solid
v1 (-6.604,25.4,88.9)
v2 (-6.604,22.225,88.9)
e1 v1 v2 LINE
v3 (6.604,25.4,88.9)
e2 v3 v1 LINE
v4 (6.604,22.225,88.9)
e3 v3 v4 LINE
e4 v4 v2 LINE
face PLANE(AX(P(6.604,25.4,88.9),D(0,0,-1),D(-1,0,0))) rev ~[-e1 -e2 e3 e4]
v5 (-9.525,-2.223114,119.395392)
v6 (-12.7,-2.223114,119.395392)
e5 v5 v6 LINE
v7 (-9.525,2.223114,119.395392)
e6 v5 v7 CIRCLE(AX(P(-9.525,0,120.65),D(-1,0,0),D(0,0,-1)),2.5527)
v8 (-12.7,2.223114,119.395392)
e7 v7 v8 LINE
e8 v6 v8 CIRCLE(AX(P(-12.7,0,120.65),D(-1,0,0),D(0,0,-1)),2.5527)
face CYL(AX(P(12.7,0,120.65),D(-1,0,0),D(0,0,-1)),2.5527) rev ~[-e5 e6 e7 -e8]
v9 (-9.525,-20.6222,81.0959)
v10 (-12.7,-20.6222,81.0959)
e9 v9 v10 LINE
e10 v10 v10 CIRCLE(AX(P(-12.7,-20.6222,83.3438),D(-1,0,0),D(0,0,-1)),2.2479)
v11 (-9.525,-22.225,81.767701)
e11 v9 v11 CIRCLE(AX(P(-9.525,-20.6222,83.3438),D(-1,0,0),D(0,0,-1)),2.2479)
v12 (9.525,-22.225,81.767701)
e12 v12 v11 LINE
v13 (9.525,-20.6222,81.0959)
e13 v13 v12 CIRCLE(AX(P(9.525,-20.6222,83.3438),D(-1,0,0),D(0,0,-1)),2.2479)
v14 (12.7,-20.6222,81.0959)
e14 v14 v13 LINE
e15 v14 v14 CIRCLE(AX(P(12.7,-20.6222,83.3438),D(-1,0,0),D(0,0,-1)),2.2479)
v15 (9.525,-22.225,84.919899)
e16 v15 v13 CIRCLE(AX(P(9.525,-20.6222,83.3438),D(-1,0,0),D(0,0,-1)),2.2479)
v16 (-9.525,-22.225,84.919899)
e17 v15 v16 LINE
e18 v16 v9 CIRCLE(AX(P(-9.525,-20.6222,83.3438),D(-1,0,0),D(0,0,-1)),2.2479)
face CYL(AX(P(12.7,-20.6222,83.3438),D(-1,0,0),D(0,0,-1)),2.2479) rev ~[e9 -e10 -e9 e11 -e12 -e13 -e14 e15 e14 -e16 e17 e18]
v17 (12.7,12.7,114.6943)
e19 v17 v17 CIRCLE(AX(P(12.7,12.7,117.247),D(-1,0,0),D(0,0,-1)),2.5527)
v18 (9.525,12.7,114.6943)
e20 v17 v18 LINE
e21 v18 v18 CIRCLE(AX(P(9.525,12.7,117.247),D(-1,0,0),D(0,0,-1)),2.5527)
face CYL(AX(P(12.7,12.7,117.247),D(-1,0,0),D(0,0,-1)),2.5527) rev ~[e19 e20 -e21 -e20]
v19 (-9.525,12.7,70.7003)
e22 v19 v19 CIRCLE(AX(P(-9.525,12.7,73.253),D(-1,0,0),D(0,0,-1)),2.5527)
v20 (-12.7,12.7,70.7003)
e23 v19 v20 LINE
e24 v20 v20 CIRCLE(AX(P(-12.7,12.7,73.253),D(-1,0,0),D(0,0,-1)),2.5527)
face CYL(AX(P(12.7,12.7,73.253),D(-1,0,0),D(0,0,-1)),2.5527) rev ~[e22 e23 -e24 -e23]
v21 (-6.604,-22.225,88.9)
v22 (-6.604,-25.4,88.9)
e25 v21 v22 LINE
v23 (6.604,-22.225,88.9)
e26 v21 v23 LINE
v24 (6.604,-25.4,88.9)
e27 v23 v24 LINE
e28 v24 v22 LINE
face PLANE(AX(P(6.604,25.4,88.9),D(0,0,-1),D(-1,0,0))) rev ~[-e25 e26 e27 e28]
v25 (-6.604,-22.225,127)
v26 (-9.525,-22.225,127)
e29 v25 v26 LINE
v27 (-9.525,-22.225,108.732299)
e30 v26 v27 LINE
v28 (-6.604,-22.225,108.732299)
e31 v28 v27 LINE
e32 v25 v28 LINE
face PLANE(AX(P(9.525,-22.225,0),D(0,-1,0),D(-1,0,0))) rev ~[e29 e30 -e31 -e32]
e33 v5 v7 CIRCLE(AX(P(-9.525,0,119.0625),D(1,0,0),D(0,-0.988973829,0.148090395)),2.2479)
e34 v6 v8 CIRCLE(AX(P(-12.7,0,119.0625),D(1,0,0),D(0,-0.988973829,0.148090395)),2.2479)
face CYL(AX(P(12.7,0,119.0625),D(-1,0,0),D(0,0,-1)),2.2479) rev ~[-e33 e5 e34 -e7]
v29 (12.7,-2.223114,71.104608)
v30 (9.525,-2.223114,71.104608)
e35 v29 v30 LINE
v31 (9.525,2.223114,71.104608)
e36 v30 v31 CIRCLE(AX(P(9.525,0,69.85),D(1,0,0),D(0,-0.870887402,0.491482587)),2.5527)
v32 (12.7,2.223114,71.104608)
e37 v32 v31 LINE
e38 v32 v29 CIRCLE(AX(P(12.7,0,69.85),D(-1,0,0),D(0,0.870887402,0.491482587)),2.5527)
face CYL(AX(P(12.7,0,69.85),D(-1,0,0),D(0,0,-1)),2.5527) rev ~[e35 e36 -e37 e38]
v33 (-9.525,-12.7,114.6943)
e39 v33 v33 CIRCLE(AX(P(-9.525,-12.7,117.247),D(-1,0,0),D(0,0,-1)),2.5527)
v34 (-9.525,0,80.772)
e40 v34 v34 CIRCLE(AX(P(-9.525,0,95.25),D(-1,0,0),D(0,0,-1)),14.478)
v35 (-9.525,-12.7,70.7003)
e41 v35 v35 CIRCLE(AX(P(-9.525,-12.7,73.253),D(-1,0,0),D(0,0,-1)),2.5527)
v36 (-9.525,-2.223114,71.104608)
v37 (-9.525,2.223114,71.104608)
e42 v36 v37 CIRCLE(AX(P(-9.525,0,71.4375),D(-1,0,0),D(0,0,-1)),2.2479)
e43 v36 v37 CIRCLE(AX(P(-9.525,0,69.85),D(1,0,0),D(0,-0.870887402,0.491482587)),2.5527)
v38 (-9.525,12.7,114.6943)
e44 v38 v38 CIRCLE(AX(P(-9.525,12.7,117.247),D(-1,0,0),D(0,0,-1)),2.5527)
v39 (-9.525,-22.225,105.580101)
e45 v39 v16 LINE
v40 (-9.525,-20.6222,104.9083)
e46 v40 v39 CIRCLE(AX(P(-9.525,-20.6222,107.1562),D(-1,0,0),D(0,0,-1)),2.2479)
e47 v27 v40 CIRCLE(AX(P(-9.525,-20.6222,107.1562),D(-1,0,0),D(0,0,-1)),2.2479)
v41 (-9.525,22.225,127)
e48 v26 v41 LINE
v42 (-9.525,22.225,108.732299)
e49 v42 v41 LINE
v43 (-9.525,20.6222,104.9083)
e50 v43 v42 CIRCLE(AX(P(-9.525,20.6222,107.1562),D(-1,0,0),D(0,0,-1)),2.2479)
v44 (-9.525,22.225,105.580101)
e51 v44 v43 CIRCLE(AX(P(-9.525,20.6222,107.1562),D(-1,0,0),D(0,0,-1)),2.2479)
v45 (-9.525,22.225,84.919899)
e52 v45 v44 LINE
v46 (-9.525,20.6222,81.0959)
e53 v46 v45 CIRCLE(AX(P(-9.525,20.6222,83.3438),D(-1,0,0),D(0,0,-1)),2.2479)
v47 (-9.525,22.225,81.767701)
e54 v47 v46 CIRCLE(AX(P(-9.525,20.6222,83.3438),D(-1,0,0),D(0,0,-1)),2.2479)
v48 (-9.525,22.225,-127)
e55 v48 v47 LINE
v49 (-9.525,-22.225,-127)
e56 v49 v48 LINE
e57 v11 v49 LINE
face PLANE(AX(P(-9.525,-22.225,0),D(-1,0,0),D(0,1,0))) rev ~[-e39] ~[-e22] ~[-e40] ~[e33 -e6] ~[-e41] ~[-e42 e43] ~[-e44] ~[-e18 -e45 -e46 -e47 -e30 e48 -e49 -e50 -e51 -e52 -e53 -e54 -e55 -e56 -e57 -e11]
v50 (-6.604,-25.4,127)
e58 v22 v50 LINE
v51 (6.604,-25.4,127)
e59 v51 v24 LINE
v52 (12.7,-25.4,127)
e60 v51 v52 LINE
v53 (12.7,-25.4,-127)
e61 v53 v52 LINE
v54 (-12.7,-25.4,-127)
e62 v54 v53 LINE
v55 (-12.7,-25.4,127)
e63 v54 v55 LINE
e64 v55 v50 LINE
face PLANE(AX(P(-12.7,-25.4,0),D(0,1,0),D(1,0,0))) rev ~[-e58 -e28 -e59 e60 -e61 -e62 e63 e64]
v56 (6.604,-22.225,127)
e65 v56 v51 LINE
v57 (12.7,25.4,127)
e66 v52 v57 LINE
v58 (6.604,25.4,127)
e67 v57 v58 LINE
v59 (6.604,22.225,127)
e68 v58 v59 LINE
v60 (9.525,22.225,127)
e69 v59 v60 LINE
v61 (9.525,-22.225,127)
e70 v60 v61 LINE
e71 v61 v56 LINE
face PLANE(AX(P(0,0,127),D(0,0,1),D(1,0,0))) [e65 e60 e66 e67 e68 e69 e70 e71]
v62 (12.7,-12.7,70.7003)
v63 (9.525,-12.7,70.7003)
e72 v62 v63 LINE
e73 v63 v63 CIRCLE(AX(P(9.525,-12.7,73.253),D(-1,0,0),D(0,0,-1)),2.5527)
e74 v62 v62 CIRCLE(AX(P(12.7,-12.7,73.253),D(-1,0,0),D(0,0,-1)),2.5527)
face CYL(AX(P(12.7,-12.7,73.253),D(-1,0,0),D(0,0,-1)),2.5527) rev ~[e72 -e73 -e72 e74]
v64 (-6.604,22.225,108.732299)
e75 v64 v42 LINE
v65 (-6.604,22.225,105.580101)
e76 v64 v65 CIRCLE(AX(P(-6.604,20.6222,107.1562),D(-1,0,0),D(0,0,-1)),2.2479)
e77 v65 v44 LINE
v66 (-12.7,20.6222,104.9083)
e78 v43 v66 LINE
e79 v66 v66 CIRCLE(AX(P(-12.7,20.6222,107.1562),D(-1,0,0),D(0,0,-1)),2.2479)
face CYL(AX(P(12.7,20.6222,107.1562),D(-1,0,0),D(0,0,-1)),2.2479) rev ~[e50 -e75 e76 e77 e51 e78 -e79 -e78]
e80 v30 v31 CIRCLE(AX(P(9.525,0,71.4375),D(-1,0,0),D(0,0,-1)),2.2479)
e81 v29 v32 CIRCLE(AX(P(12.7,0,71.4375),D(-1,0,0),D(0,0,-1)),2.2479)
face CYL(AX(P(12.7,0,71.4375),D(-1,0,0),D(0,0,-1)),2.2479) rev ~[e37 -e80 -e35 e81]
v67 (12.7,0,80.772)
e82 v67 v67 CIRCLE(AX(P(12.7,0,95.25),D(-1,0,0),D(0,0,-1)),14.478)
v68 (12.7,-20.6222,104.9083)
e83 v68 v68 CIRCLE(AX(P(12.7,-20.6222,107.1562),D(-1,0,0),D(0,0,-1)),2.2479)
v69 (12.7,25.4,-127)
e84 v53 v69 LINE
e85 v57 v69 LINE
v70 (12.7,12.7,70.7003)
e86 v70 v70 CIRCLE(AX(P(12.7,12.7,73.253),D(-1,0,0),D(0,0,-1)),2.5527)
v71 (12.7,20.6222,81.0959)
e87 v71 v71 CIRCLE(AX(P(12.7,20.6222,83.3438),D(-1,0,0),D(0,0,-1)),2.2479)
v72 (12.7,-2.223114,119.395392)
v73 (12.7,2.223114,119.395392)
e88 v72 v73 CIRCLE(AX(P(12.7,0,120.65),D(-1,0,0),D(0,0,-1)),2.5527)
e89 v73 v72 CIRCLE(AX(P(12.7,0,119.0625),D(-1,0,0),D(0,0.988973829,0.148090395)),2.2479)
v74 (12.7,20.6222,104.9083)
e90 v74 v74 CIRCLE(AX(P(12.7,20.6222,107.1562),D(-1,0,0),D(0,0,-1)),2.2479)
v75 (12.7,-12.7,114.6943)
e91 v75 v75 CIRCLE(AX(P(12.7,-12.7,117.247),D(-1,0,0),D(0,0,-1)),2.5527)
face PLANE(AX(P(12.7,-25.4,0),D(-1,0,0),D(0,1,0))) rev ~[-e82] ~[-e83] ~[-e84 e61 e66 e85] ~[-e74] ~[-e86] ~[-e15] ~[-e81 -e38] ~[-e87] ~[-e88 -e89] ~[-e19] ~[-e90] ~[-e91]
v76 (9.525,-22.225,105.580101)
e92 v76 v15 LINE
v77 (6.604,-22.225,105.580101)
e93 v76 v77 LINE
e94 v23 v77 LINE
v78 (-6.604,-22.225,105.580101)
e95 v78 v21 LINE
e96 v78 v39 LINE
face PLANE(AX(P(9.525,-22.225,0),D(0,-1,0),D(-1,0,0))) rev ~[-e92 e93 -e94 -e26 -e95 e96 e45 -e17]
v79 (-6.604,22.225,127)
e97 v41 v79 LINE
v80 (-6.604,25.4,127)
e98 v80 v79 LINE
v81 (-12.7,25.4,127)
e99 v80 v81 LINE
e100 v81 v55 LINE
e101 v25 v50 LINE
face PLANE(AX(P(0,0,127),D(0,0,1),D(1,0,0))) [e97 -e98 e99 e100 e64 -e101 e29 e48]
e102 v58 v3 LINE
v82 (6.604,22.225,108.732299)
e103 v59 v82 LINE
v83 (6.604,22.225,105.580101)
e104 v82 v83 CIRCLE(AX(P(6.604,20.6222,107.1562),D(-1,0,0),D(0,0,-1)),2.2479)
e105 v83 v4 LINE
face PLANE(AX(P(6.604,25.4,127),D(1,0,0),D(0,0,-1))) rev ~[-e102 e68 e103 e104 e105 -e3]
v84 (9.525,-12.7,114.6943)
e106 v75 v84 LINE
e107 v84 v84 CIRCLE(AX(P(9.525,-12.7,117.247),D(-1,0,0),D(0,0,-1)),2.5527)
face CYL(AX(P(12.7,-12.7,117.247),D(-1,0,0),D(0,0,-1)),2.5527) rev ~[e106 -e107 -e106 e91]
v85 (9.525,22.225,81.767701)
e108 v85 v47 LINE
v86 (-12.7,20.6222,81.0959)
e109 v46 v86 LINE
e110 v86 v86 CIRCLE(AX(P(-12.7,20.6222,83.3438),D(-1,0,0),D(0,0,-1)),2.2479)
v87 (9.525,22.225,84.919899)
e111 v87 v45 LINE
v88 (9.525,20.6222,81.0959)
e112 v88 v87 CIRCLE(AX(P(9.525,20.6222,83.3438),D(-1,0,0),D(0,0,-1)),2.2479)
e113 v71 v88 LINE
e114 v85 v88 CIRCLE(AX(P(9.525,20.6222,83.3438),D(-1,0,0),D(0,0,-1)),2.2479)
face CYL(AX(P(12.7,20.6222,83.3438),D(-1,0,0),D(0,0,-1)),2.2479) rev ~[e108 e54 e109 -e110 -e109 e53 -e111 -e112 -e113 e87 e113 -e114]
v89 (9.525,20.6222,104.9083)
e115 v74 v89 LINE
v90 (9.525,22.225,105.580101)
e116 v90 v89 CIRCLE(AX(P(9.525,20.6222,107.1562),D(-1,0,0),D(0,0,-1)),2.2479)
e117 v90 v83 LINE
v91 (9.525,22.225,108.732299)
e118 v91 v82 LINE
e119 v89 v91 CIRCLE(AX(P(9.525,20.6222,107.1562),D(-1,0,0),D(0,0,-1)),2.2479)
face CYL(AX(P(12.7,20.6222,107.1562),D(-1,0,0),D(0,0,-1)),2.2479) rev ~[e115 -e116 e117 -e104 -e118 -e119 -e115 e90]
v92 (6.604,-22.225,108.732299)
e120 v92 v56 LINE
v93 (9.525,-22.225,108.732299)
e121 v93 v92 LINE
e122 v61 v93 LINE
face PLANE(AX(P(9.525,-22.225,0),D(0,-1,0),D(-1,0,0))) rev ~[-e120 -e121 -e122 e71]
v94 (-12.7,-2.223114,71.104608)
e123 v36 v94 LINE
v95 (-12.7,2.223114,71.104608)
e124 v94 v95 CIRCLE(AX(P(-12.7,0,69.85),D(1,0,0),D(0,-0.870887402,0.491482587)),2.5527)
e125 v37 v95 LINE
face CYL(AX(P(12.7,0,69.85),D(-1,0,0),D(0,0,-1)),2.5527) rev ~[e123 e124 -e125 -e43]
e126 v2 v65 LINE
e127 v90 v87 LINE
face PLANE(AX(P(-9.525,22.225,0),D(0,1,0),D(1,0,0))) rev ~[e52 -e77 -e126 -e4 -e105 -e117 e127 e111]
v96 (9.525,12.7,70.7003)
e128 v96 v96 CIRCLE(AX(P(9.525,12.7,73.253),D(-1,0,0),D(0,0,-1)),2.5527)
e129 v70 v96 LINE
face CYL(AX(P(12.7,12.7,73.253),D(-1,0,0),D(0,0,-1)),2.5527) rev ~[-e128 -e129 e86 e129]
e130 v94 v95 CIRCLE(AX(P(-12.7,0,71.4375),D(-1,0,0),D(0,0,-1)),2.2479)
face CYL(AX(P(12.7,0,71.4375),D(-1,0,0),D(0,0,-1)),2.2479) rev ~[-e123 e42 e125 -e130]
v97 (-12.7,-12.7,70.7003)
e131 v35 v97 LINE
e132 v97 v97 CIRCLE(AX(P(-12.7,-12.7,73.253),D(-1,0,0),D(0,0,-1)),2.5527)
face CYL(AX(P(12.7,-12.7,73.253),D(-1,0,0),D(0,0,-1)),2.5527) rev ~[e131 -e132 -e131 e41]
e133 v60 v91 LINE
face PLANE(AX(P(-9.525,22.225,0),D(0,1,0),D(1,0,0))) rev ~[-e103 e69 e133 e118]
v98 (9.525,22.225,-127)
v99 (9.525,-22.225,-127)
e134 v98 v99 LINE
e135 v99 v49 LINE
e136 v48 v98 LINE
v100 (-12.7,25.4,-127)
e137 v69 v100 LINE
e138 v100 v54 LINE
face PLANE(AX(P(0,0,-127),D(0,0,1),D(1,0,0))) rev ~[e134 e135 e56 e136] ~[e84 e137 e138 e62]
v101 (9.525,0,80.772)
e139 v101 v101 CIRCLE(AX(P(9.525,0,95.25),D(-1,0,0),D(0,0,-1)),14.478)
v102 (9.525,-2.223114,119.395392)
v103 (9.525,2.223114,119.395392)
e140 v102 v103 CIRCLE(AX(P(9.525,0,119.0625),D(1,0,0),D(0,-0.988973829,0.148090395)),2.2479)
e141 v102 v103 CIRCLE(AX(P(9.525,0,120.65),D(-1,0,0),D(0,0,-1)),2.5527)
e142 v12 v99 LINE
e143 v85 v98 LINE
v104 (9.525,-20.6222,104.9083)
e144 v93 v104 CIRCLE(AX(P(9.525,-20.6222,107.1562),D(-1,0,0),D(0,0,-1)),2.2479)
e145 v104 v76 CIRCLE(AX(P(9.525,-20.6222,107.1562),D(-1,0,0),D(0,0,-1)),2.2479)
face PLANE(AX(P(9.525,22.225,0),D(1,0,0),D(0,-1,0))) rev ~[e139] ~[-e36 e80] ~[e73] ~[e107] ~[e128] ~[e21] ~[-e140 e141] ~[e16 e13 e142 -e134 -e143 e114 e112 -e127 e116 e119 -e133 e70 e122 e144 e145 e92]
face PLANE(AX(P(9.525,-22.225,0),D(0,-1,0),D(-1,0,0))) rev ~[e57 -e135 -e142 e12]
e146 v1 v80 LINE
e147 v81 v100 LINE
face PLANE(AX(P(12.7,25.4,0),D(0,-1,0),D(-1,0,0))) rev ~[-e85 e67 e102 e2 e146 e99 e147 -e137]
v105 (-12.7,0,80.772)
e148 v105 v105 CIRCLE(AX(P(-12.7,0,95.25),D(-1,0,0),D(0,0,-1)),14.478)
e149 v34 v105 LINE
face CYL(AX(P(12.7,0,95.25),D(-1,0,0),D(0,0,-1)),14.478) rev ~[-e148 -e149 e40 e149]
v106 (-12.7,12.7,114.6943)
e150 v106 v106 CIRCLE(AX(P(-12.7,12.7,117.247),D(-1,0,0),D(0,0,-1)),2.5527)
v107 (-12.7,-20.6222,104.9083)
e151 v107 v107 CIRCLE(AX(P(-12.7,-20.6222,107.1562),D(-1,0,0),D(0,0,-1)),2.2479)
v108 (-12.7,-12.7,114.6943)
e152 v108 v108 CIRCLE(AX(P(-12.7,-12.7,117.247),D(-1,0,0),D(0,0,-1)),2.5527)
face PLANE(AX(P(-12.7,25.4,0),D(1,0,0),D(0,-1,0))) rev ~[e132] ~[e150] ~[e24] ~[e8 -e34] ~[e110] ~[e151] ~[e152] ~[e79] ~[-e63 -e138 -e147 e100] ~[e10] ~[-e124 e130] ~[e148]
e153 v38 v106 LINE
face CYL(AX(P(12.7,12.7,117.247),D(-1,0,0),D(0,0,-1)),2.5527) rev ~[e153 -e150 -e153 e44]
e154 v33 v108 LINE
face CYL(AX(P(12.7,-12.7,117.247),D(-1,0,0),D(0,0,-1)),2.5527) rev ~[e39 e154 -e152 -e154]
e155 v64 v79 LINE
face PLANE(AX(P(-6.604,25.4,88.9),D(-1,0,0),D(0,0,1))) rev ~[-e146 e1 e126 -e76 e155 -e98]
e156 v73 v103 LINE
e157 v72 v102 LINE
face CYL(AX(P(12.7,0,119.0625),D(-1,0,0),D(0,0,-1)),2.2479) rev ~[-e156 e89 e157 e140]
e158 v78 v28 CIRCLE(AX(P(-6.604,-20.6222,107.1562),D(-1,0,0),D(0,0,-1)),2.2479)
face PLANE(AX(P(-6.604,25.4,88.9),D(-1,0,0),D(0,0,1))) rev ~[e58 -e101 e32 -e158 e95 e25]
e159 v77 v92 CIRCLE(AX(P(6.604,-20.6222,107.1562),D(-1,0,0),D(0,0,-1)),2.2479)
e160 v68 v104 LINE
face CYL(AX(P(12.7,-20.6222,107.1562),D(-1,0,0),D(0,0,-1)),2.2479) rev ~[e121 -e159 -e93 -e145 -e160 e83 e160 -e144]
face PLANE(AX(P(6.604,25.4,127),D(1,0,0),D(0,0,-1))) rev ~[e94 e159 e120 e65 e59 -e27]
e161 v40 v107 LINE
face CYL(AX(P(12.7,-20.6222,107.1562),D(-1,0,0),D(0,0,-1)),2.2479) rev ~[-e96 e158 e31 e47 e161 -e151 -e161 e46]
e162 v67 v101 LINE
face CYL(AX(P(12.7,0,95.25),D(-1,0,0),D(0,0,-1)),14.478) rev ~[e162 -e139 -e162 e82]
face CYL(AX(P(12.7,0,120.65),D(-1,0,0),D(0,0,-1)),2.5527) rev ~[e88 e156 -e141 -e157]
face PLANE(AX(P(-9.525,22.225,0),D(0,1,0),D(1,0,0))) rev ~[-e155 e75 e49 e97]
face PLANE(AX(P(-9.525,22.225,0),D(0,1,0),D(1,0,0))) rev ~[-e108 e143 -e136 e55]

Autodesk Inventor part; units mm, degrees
ref_plane "XZ Plane" through (0, 0, 0) normal (0, 1, 0) x (-1, 0, 0)
ref_plane "XY Plane" through (0, 0, 0) normal (0, 0, 1) x (1, 0, 0)
sketch "Sketch1" plane through (0, 0, 0) normal (0, 0, 1) x (1, 0, 0)
  line L0 (-12.7, -25.4) -> (12.7, -25.4)
  line L1 (12.7, -25.4) -> (12.7, 25.4)
  line L2 (12.7, 25.4) -> (-12.7, 25.4)
  line L3 (-12.7, 25.4) -> (-12.7, -25.4)
  line L4 (-12.7, -25.4) -> (12.7, 25.4) construction
  line L5 (12.7, -25.4) -> (-12.7, 25.4) construction
  line L6 (-9.525, 22.225) -> (9.525, 22.225)
  line L7 (9.525, 22.225) -> (9.525, -22.225)
  line L8 (9.525, -22.225) -> (-9.525, -22.225)
  line L9 (-9.525, -22.225) -> (-9.525, 22.225)
  point P0 (0, 0)
  dimension "width" = 25.4
  dimension "height" = 50.8
  dimension "thickness" = 3.175
extrude "Extrusion1" add sketch "Sketch1" along normal mid plane 254
sketch "Sketch2" plane through (12.7, -25.4, 127) normal (1, 0, 0) x (0, 0, -1)
  line L0 (254, 50.8) -> (254, 0) construction
  line L1 (254, 0) -> (0, 0) construction
  line L2 (0, 0) -> (0, 50.8) construction
  line L3 (0, 50.8) -> (254, 50.8) construction
  circle A0 centre (31.75, 25.4) radius 23.8125 construction
  circle A1 centre (31.75, 25.4) radius 25.4 construction
  point P0 (127, 25.4)
  point P1 (57.15, 25.4)
  point P2 (53.747, 38.1)
  point P3 (44.45, 47.397)
  point P4 (31.75, 50.8)
  point P5 (19.05, 47.397)
  point P6 (9.753, 38.1)
  point P7 (6.35, 25.4)
  point P8 (9.753, 12.7)
  point P9 (19.05, 3.403)
  point P10 (31.75, 0)
  point P11 (44.45, 3.403)
  point P12 (53.747, 12.7)
  point P13 (55.5625, 25.4)
  point P14 (43.6562, 46.0222)
  point P15 (19.8437, 46.0222)
  point P16 (7.9375, 25.4)
  point P17 (19.8437, 4.7778)
  point P18 (43.6562, 4.7778)
  dimension "d13" = 47.625
  dimension "d14" = 50.8
  dimension "d5" = 31.75
  dimension "d17" = 360
  dimension "d21" = 360
hole "Hole1" at (12.7, 0, 95.25) direction (-1, 0, 0) diameter 28.956 end through all
hole "Hole2" at (12.7, 12.7, 73.253) at (12.7, 0, 69.85) at (12.7, -12.7, 73.253) at (12.7, -12.7, 117.247) at (12.7, 0, 120.65) at (12.7, 12.7, 117.247) direction (-1, 0, 0) diameter 5.1054 end through all clearance for "Flat Head Machine Screw (82)" size "#10" standard "Ansi Unified Screw Threads"
hole "Hole3" at (12.7, -20.6222, 107.1562) at (12.7, -20.6222, 83.3438) at (12.7, 0, 119.0625) at (12.7, 20.6222, 107.1562) at (12.7, 20.6222, 83.3438) at (12.7, 0, 71.4375) direction (-1, 0, 0) diameter 4.4958 end through all clearance for "Flat Head Machine Screw (82)" size "#8" standard "Ansi Unified Screw Threads"
sketch "Sketch3" plane through (-12.7, 25.4, 127) normal (0, 1, 0) x (1, 0, 0)
  line L0 (0, 0) -> (25.4, 0) construction
  line L1 (6.096, 0) -> (19.304, 0)
  line L2 (19.304, 0) -> (19.304, 38.1)
  line L3 (19.304, 38.1) -> (6.096, 38.1)
  line L4 (6.096, 38.1) -> (6.096, 0)
  line L5 (25.4, 0) -> (0, 0) construction
  point P0 (12.7, 127)
  point P1 (12.7, 38.1)
  point P2 (12.7, 0)
  dimension "d37" = 13.208
  dimension "d38" = 38.1
extrude "Extrusion2" cut sketch "Sketch3" against normal through all
properties part number "CL4-001" material "Aluminum 6061"
